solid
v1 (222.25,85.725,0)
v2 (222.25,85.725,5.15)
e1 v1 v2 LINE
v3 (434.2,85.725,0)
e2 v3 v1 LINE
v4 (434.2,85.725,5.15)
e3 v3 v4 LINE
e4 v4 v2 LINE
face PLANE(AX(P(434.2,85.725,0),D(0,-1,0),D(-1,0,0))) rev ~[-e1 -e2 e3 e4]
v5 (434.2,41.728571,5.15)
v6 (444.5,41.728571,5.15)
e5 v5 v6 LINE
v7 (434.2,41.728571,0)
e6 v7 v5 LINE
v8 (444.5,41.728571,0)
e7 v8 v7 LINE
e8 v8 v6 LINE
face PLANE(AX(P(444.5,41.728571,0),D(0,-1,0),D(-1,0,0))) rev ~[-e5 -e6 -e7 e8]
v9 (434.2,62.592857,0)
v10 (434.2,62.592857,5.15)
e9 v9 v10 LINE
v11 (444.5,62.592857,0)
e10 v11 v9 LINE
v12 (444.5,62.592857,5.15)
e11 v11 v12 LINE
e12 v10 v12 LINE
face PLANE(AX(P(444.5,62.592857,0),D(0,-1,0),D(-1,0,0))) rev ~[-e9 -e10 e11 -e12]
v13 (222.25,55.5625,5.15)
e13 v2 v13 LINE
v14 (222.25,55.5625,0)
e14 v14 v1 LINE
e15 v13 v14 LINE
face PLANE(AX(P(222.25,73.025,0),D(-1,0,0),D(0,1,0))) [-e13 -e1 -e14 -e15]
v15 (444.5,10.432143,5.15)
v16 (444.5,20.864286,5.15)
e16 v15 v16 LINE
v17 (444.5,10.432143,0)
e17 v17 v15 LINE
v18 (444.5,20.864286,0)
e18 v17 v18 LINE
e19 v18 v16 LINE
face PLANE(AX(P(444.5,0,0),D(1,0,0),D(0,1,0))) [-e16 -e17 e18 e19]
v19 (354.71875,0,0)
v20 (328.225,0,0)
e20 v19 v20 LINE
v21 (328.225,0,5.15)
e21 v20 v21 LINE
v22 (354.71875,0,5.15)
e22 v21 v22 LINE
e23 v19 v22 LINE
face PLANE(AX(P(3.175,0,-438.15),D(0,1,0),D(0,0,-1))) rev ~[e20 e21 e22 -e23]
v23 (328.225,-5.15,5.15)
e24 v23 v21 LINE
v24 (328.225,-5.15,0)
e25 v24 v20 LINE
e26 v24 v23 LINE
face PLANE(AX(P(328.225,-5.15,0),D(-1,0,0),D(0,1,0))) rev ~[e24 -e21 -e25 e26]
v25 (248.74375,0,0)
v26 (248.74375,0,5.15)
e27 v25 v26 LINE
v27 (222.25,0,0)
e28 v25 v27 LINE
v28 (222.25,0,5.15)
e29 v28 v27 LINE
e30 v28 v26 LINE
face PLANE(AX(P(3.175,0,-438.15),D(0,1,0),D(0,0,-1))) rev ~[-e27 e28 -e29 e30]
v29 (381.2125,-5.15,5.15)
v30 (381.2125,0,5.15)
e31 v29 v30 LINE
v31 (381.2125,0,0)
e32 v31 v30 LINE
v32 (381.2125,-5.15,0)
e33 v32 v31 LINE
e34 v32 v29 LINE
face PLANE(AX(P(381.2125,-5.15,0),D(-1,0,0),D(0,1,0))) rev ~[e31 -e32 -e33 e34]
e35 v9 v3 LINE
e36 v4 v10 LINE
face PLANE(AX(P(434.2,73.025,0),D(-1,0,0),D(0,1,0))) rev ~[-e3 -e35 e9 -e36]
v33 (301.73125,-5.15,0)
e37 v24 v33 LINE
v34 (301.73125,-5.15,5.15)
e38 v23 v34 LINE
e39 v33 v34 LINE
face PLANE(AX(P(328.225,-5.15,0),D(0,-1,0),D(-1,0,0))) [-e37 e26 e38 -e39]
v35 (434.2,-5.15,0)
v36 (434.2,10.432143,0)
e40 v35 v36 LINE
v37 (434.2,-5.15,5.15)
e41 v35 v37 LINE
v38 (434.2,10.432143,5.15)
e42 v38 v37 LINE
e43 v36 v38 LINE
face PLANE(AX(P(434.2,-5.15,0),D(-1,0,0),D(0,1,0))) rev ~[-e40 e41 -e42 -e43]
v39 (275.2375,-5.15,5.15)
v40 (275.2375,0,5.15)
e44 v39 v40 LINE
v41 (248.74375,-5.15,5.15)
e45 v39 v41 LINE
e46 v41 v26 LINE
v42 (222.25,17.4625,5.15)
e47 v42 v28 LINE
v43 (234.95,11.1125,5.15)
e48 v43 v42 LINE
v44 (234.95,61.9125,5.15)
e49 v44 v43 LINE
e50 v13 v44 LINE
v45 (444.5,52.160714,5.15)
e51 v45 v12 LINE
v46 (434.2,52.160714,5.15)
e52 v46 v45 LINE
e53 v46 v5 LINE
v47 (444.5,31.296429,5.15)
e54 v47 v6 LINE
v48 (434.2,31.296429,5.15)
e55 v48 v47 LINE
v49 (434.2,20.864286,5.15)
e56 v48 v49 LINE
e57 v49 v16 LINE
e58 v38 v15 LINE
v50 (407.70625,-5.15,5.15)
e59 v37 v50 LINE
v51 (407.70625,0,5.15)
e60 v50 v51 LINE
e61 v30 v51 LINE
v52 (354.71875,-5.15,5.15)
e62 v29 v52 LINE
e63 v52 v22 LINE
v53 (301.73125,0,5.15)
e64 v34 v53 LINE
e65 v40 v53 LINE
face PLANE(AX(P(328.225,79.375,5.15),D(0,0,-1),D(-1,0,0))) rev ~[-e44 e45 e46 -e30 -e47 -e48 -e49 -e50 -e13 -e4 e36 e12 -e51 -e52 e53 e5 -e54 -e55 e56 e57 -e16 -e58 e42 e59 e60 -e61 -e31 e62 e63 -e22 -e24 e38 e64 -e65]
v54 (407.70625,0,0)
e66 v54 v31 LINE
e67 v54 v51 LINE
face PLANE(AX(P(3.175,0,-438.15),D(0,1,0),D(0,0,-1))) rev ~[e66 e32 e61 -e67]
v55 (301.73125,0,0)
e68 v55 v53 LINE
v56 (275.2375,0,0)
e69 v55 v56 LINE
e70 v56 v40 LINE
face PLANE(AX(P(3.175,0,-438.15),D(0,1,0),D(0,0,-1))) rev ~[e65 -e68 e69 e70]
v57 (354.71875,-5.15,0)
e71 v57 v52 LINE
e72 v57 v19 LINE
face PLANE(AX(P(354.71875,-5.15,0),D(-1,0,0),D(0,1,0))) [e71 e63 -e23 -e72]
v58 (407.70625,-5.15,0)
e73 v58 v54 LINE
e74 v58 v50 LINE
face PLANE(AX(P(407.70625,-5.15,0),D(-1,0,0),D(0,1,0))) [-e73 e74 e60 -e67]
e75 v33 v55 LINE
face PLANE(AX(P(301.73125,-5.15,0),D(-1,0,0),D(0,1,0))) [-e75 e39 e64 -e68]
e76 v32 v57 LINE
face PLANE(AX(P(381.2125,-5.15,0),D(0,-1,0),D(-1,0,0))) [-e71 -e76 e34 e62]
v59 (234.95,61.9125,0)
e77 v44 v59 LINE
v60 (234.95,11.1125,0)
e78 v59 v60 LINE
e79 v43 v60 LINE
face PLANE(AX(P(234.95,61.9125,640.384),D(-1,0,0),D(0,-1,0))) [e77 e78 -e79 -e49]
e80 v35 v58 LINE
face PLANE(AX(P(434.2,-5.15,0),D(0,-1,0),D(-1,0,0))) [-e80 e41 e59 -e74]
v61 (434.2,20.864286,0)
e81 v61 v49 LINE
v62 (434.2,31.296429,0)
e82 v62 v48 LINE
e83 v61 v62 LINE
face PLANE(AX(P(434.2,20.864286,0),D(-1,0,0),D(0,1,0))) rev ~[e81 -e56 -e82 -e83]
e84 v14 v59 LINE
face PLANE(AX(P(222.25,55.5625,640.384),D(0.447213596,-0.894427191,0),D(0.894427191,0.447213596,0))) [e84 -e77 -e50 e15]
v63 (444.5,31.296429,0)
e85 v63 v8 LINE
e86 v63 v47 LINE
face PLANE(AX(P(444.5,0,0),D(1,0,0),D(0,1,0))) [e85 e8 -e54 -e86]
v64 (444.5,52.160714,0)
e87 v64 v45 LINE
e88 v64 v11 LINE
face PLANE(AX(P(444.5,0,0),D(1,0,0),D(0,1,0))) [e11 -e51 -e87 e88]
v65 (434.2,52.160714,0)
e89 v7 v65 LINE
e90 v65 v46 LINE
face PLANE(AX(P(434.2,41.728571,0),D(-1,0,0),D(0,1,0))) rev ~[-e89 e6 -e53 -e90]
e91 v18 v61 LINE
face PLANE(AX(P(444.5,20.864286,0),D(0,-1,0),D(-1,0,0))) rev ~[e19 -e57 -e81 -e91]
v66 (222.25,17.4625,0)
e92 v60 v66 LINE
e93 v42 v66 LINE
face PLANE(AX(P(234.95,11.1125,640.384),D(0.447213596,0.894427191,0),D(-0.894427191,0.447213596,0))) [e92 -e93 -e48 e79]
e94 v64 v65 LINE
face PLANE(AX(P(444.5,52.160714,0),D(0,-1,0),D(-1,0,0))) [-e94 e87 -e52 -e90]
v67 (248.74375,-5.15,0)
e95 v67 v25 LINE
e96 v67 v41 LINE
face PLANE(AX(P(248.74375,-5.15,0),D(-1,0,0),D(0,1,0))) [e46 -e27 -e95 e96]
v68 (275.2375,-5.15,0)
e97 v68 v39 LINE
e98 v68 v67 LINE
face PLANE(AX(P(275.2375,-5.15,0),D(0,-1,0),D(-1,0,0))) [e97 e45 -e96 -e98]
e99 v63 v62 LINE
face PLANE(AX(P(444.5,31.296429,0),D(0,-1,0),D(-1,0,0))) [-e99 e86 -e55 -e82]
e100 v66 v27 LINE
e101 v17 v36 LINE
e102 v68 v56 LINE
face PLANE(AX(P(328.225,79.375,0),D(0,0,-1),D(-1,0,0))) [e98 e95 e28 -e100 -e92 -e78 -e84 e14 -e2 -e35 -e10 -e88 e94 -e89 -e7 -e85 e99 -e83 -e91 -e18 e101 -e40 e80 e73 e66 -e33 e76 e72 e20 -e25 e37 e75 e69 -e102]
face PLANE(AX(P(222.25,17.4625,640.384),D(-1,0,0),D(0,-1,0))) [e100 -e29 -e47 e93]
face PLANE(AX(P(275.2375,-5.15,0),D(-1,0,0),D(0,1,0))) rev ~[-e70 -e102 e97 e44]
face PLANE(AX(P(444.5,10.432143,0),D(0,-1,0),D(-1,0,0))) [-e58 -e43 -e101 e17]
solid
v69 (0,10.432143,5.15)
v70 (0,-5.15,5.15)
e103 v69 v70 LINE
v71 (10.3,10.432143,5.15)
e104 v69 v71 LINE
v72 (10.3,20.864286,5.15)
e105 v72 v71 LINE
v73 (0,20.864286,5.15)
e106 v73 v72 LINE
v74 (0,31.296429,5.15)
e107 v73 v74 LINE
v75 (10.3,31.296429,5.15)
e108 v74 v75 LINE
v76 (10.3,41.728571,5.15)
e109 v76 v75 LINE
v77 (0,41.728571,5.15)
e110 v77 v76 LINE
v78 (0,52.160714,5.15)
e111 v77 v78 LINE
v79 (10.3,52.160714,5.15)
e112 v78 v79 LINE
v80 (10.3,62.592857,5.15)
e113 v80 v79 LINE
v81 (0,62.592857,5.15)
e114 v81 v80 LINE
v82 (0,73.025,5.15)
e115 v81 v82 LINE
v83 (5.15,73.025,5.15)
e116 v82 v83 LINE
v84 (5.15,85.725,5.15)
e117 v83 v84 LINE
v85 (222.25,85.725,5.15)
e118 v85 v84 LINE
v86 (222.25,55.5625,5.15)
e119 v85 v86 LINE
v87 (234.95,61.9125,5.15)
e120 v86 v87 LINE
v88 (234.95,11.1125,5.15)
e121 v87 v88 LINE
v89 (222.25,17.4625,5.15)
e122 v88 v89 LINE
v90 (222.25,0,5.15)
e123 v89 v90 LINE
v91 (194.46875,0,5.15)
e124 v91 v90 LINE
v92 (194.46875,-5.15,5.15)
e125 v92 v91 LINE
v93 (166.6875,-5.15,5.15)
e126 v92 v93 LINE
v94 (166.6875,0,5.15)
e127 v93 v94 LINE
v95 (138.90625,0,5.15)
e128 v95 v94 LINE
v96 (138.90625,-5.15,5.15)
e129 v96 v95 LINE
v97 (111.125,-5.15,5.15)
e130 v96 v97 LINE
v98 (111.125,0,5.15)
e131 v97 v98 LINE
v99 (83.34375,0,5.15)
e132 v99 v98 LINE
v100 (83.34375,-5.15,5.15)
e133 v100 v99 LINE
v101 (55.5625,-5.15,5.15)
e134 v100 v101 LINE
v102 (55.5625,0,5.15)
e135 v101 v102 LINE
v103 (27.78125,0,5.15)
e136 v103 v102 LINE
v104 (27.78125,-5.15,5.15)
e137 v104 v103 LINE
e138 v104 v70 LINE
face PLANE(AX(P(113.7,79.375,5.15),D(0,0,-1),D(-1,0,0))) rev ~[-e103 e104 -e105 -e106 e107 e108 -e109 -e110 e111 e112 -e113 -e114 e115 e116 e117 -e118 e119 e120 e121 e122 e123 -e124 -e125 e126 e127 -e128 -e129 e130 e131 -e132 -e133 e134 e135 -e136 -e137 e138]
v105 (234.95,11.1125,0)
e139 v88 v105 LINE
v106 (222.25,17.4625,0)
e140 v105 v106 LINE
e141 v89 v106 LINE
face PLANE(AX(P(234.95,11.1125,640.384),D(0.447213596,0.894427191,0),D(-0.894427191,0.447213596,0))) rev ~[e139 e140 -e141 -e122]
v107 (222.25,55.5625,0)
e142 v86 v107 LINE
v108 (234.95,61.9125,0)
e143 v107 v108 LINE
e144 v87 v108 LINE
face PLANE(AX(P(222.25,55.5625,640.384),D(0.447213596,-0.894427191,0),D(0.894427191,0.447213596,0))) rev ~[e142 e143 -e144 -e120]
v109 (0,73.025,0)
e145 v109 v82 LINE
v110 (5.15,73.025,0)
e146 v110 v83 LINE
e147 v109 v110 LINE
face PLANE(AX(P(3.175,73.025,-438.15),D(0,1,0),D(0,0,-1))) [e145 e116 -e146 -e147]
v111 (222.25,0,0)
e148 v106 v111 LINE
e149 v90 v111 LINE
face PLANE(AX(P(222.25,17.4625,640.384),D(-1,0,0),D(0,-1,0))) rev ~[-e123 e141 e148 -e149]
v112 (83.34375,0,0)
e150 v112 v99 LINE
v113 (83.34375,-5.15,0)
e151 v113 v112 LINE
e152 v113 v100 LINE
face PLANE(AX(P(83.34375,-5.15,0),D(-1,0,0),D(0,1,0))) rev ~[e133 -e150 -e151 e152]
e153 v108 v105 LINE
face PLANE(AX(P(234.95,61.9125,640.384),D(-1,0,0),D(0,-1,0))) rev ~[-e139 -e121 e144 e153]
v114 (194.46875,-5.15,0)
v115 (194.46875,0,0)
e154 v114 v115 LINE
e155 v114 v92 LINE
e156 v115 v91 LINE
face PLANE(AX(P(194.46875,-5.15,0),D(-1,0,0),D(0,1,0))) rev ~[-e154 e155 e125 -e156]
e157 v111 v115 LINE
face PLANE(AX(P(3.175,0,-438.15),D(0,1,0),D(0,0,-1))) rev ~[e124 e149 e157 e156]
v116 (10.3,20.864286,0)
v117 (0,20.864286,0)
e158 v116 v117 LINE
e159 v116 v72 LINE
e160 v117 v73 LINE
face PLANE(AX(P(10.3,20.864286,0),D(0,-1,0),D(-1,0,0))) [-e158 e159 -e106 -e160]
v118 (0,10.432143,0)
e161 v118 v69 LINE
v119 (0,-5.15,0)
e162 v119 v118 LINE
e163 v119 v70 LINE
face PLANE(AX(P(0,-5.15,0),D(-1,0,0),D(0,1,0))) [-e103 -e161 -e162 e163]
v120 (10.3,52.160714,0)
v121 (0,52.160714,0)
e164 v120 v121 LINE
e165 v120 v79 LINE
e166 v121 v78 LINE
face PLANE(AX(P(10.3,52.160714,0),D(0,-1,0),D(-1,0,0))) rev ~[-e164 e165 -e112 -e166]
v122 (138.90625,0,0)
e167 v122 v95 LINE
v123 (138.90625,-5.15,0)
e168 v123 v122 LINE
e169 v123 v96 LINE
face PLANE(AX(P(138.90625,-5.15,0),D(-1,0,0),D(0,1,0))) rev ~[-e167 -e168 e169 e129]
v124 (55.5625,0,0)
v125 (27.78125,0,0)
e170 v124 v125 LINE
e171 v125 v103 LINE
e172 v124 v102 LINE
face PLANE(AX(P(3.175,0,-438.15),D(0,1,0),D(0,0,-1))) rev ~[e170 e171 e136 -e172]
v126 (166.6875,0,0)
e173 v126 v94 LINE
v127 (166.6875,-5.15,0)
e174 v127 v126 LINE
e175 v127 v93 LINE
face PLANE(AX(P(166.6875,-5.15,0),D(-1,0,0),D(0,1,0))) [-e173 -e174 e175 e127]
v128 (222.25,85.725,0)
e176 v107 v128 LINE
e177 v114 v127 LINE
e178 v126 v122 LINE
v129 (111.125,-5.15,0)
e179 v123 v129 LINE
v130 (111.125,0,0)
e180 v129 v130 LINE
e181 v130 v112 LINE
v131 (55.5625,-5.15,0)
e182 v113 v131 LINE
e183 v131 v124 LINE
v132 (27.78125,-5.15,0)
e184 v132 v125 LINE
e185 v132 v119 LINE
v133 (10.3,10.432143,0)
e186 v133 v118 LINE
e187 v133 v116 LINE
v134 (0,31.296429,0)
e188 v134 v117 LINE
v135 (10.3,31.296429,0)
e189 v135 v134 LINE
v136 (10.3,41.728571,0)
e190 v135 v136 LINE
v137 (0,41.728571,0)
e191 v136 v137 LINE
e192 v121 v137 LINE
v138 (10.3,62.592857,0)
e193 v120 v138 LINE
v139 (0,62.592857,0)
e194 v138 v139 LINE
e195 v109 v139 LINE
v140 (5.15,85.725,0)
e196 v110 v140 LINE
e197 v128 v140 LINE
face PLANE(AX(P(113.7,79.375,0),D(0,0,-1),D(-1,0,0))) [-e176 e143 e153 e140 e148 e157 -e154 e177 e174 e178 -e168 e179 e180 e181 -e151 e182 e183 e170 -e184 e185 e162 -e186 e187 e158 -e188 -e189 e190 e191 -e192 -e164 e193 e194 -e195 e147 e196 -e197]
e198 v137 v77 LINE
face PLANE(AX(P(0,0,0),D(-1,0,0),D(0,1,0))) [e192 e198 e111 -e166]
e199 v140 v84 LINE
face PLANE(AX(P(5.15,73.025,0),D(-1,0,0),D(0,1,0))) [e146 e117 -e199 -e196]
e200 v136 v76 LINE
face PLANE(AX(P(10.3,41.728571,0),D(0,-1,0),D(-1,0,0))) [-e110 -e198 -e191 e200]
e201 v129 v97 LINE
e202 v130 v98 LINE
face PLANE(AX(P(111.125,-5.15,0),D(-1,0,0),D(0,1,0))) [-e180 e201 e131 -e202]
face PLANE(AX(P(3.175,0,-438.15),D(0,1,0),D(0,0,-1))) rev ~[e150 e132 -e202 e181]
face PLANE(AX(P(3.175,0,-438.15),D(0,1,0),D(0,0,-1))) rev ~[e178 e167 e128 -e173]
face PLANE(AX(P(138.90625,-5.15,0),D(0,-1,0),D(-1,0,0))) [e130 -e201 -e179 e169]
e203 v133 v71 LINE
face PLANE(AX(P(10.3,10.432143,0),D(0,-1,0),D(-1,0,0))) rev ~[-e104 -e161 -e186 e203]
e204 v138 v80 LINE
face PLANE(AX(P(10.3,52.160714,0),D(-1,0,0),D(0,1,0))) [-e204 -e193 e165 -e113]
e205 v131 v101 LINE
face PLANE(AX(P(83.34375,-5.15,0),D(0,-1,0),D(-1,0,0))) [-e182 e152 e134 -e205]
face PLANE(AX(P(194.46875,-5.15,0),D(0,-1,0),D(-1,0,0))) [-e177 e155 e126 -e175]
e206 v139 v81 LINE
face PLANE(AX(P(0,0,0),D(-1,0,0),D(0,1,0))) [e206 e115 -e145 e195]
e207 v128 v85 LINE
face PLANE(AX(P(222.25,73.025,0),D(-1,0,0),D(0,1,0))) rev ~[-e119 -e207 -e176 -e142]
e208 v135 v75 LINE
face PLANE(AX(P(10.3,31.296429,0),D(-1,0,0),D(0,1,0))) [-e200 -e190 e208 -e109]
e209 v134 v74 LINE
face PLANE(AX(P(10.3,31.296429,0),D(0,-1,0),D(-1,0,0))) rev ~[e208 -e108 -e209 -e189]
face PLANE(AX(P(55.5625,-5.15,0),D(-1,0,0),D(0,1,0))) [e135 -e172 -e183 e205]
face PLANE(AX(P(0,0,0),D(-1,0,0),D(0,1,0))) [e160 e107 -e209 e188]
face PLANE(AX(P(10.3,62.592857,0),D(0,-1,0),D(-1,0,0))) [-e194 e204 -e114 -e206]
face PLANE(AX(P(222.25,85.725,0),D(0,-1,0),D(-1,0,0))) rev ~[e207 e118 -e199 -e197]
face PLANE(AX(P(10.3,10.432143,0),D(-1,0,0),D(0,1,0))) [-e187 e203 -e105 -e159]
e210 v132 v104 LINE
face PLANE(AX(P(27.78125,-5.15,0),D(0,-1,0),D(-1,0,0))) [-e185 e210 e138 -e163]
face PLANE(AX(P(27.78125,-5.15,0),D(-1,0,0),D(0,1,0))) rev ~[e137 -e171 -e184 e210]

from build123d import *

# Parameters (mm, degrees)
SKETCH1_W              = 444.5
SKETCH1_H              = 73.025
BOSS_EXTRUDE1_DEPTH    = 5.15
SKETCH3_W              = 3.175
SKETCH3_H              = 73.025
BOSS_EXTRUDE2_DEPTH    = 441.325
SKETCH4_W              = 3.175
SKETCH4_H              = 73.025
BOSS_EXTRUDE3_DEPTH    = 438.15
SPLIT2_SURFACE_1_BACK  = 635.234
SPLIT2_SURFACE_1_DEPTH = 1270.468
SPLIT2_SURFACE_2_BACK  = 635.234
SPLIT2_SURFACE_2_DEPTH = 1270.468
SKETCH8_W              = 441.325
SKETCH8_H              = 73.025
CUT_EXTRUDE2_DEPTH     = 631.619264097
SKETCH9_W              = 10.300000228
SKETCH9_H              = 10.432142857
SKETCH9_H_2            = 10.432142858
CUT_EXTRUDE3_DEPTH     = 451.48798333
SKETCH15_W             = 26.493749972
SKETCH15_H             = 5.15
BOSS_EXTRUDE6_DEPTH    = 5.15
SKETCH16_W             = 27.78125
SKETCH16_H             = 5.15
BOSS_EXTRUDE7_DEPTH    = 5.15
SKETCH17_W             = 211.949999772
SKETCH17_H             = 12.7
BOSS_EXTRUDE8_DEPTH    = 5.15
SKETCH18_W             = 217.099999886
SKETCH18_H             = 12.7
BOSS_EXTRUDE9_DEPTH    = 5.15


with BuildPart() as part:
    # Sketch1 → Boss-Extrude1 (new body)
    with BuildSketch(Plane.XY):
        with Locations((222.25, 36.5125)):
            Rectangle(SKETCH1_W, SKETCH1_H)
    extrude(amount=BOSS_EXTRUDE1_DEPTH)

    # Sketch3 → Boss-Extrude2 (add)
    with BuildSketch(Plane(origin=(0, 0, 0), x_dir=(-1, 0, 0), z_dir=(0, 0, -1))):
        with Locations((-442.9125, 36.5125)):
            Rectangle(SKETCH3_W, SKETCH3_H)
        with Locations((-1.5875, 36.5125)):
            Rectangle(SKETCH3_W, SKETCH3_H)
    extrude(amount=BOSS_EXTRUDE2_DEPTH)

    # Sketch4 → Boss-Extrude3 (add)
    with BuildSketch(Plane(origin=(3.175, 0, 0), x_dir=(0, 0, -1), z_dir=(1, 0, 0))):
        with Locations((439.7375, 36.5125)):
            Rectangle(SKETCH4_W, SKETCH4_H)
    extrude(amount=BOSS_EXTRUDE3_DEPTH)


with BuildPart() as body_2:
    # Split2: the piece behind the surface
    add(part.part)
    # Split2 surface: a surface, the sketch's curves swept straight by 1270.468 mm
    with BuildLine(Plane(origin=(0, 0, 5.15), x_dir=(-1, 0, 0), z_dir=(0, 0, -1)).offset(-SPLIT2_SURFACE_1_BACK), mode=Mode.PRIVATE) as split2_surface_1_path:
        Line((-222.25, 73.025), (-222.25, 55.5625))
        Line((-222.25, 55.5625), (-234.95, 61.9125))
        Line((-234.95, 61.9125), (-234.95, 11.1125))
        Line((-234.95, 11.1125), (-222.25, 17.4625))
        Line((-222.25, 17.4625), (-222.25, 0))
    split2_surface_1 = Shell.extrude(split2_surface_1_path.wire(), (0 * SPLIT2_SURFACE_1_DEPTH, 0 * SPLIT2_SURFACE_1_DEPTH, -1 * SPLIT2_SURFACE_1_DEPTH))
    split(bisect_by=split2_surface_1, keep=Keep.BOTTOM)


with BuildPart() as part_1:
    add(part.part)

    # Split2: split by a surface, the side it looks to stays
    # Split2 surface: a surface, the sketch's curves swept straight by 1270.468 mm
    with BuildLine(Plane(origin=(0, 0, 5.15), x_dir=(-1, 0, 0), z_dir=(0, 0, -1)).offset(-SPLIT2_SURFACE_2_BACK), mode=Mode.PRIVATE) as split2_surface_2_path:
        Line((-222.25, 73.025), (-222.25, 55.5625))
        Line((-222.25, 55.5625), (-234.95, 61.9125))
        Line((-234.95, 61.9125), (-234.95, 11.1125))
        Line((-234.95, 11.1125), (-222.25, 17.4625))
        Line((-222.25, 17.4625), (-222.25, 0))
    split2_surface_2 = Shell.extrude(split2_surface_2_path.wire(), (0 * SPLIT2_SURFACE_2_DEPTH, 0 * SPLIT2_SURFACE_2_DEPTH, -1 * SPLIT2_SURFACE_2_DEPTH))
    split(bisect_by=split2_surface_2, keep=Keep.TOP)


with BuildPart() as cut_extrude2_tool:
    # Sketch8 → Cut-Extrude2 (new, through all)
    with BuildSketch(Plane(origin=(444.5, 0, 0), x_dir=(0, 0, -1), z_dir=(1, 0, 0))):
        with Locations((220.6625, 36.5125)):
            Rectangle(SKETCH8_W, SKETCH8_H)
    extrude(amount=-CUT_EXTRUDE2_DEPTH)


with BuildPart() as part_2:
    add(part_1.part)

    # Cut-Extrude2: cut by cut_extrude2_tool
    add(cut_extrude2_tool.part, mode=Mode.SUBTRACT)


with BuildPart() as body_2_1:
    add(body_2.part)

    # Cut-Extrude2: cut by cut_extrude2_tool
    add(cut_extrude2_tool.part, mode=Mode.SUBTRACT)


with BuildPart() as cut_extrude3_tool:
    # Sketch9 → Cut-Extrude3 (new, through all)
    with BuildSketch(Plane(origin=(0, 0, 0), x_dir=(-1, 0, 0), z_dir=(0, 0, -1))):
        with Locations((-439.349999886, 67.808928572)):
            Rectangle(SKETCH9_W, SKETCH9_H)
        with Locations((-439.349999886, 46.944642857)):
            Rectangle(SKETCH9_W, SKETCH9_H)
        with Locations((-439.349999886, 26.080357143)):
            Rectangle(SKETCH9_W, SKETCH9_H)
        with Locations((-439.349999886, 5.216071429)):
            Rectangle(SKETCH9_W, SKETCH9_H)
        with Locations((-5.150000114, 57.376785715)):
            Rectangle(SKETCH9_W, SKETCH9_H)
        with Locations((-5.150000114, 36.5125)):
            Rectangle(SKETCH9_W, SKETCH9_H_2)
        with Locations((-5.150000114, 15.648214285)):
            Rectangle(SKETCH9_W, SKETCH9_H)
    extrude(amount=-CUT_EXTRUDE3_DEPTH)


with BuildPart() as part_3:
    add(part_2.part)

    # Cut-Extrude3: cut by cut_extrude3_tool
    add(cut_extrude3_tool.part, mode=Mode.SUBTRACT)

    # Sketch16 → Boss-Extrude7 (add)
    with BuildSketch(Plane(origin=(0, 0, 0), x_dir=(-1, 0, 0), z_dir=(0, 0, -1))):
        with Locations((-13.890625, -2.575)):
            Rectangle(SKETCH16_W, SKETCH16_H)
        with Locations((-69.453125, -2.575)):
            Rectangle(SKETCH16_W, SKETCH16_H)
        with Locations((-125.015625, -2.575)):
            Rectangle(SKETCH16_W, SKETCH16_H)
        with Locations((-180.578125, -2.575)):
            Rectangle(SKETCH16_W, SKETCH16_H)
    extrude(amount=-BOSS_EXTRUDE7_DEPTH)

    # Sketch18 → Boss-Extrude9 (add)
    with BuildSketch(Plane(origin=(0, 0, 0), x_dir=(-1, 0, 0), z_dir=(0, 0, -1))):
        with Locations((-113.700000057, 79.375)):
            Rectangle(SKETCH18_W, SKETCH18_H)
    extrude(amount=-BOSS_EXTRUDE9_DEPTH)


with BuildPart() as body_2_2:
    add(body_2_1.part)

    # Cut-Extrude3: cut by cut_extrude3_tool
    add(cut_extrude3_tool.part, mode=Mode.SUBTRACT)

    # Sketch15 → Boss-Extrude6 (add)
    with BuildSketch(Plane(origin=(0, 0, 0), x_dir=(-1, 0, 0), z_dir=(0, 0, -1))):
        with Locations((-420.953124786, -2.575)):
            Rectangle(SKETCH15_W, SKETCH15_H)
        with Locations((-367.965624843, -2.575)):
            Rectangle(SKETCH15_W, SKETCH15_H)
        with Locations((-314.9781249, -2.575)):
            Rectangle(SKETCH15_W, SKETCH15_H)
        with Locations((-261.990624957, -2.575)):
            Rectangle(SKETCH15_W, SKETCH15_H)
    extrude(amount=-BOSS_EXTRUDE6_DEPTH)

    # Sketch17 → Boss-Extrude8 (add)
    with BuildSketch(Plane(origin=(0, 0, 0), x_dir=(-1, 0, 0), z_dir=(0, 0, -1))):
        with Locations((-328.224999886, 79.375)):
            Rectangle(SKETCH17_W, SKETCH17_H)
    extrude(amount=-BOSS_EXTRUDE8_DEPTH)


solid = Compound([part_3.part, body_2_2.part])
